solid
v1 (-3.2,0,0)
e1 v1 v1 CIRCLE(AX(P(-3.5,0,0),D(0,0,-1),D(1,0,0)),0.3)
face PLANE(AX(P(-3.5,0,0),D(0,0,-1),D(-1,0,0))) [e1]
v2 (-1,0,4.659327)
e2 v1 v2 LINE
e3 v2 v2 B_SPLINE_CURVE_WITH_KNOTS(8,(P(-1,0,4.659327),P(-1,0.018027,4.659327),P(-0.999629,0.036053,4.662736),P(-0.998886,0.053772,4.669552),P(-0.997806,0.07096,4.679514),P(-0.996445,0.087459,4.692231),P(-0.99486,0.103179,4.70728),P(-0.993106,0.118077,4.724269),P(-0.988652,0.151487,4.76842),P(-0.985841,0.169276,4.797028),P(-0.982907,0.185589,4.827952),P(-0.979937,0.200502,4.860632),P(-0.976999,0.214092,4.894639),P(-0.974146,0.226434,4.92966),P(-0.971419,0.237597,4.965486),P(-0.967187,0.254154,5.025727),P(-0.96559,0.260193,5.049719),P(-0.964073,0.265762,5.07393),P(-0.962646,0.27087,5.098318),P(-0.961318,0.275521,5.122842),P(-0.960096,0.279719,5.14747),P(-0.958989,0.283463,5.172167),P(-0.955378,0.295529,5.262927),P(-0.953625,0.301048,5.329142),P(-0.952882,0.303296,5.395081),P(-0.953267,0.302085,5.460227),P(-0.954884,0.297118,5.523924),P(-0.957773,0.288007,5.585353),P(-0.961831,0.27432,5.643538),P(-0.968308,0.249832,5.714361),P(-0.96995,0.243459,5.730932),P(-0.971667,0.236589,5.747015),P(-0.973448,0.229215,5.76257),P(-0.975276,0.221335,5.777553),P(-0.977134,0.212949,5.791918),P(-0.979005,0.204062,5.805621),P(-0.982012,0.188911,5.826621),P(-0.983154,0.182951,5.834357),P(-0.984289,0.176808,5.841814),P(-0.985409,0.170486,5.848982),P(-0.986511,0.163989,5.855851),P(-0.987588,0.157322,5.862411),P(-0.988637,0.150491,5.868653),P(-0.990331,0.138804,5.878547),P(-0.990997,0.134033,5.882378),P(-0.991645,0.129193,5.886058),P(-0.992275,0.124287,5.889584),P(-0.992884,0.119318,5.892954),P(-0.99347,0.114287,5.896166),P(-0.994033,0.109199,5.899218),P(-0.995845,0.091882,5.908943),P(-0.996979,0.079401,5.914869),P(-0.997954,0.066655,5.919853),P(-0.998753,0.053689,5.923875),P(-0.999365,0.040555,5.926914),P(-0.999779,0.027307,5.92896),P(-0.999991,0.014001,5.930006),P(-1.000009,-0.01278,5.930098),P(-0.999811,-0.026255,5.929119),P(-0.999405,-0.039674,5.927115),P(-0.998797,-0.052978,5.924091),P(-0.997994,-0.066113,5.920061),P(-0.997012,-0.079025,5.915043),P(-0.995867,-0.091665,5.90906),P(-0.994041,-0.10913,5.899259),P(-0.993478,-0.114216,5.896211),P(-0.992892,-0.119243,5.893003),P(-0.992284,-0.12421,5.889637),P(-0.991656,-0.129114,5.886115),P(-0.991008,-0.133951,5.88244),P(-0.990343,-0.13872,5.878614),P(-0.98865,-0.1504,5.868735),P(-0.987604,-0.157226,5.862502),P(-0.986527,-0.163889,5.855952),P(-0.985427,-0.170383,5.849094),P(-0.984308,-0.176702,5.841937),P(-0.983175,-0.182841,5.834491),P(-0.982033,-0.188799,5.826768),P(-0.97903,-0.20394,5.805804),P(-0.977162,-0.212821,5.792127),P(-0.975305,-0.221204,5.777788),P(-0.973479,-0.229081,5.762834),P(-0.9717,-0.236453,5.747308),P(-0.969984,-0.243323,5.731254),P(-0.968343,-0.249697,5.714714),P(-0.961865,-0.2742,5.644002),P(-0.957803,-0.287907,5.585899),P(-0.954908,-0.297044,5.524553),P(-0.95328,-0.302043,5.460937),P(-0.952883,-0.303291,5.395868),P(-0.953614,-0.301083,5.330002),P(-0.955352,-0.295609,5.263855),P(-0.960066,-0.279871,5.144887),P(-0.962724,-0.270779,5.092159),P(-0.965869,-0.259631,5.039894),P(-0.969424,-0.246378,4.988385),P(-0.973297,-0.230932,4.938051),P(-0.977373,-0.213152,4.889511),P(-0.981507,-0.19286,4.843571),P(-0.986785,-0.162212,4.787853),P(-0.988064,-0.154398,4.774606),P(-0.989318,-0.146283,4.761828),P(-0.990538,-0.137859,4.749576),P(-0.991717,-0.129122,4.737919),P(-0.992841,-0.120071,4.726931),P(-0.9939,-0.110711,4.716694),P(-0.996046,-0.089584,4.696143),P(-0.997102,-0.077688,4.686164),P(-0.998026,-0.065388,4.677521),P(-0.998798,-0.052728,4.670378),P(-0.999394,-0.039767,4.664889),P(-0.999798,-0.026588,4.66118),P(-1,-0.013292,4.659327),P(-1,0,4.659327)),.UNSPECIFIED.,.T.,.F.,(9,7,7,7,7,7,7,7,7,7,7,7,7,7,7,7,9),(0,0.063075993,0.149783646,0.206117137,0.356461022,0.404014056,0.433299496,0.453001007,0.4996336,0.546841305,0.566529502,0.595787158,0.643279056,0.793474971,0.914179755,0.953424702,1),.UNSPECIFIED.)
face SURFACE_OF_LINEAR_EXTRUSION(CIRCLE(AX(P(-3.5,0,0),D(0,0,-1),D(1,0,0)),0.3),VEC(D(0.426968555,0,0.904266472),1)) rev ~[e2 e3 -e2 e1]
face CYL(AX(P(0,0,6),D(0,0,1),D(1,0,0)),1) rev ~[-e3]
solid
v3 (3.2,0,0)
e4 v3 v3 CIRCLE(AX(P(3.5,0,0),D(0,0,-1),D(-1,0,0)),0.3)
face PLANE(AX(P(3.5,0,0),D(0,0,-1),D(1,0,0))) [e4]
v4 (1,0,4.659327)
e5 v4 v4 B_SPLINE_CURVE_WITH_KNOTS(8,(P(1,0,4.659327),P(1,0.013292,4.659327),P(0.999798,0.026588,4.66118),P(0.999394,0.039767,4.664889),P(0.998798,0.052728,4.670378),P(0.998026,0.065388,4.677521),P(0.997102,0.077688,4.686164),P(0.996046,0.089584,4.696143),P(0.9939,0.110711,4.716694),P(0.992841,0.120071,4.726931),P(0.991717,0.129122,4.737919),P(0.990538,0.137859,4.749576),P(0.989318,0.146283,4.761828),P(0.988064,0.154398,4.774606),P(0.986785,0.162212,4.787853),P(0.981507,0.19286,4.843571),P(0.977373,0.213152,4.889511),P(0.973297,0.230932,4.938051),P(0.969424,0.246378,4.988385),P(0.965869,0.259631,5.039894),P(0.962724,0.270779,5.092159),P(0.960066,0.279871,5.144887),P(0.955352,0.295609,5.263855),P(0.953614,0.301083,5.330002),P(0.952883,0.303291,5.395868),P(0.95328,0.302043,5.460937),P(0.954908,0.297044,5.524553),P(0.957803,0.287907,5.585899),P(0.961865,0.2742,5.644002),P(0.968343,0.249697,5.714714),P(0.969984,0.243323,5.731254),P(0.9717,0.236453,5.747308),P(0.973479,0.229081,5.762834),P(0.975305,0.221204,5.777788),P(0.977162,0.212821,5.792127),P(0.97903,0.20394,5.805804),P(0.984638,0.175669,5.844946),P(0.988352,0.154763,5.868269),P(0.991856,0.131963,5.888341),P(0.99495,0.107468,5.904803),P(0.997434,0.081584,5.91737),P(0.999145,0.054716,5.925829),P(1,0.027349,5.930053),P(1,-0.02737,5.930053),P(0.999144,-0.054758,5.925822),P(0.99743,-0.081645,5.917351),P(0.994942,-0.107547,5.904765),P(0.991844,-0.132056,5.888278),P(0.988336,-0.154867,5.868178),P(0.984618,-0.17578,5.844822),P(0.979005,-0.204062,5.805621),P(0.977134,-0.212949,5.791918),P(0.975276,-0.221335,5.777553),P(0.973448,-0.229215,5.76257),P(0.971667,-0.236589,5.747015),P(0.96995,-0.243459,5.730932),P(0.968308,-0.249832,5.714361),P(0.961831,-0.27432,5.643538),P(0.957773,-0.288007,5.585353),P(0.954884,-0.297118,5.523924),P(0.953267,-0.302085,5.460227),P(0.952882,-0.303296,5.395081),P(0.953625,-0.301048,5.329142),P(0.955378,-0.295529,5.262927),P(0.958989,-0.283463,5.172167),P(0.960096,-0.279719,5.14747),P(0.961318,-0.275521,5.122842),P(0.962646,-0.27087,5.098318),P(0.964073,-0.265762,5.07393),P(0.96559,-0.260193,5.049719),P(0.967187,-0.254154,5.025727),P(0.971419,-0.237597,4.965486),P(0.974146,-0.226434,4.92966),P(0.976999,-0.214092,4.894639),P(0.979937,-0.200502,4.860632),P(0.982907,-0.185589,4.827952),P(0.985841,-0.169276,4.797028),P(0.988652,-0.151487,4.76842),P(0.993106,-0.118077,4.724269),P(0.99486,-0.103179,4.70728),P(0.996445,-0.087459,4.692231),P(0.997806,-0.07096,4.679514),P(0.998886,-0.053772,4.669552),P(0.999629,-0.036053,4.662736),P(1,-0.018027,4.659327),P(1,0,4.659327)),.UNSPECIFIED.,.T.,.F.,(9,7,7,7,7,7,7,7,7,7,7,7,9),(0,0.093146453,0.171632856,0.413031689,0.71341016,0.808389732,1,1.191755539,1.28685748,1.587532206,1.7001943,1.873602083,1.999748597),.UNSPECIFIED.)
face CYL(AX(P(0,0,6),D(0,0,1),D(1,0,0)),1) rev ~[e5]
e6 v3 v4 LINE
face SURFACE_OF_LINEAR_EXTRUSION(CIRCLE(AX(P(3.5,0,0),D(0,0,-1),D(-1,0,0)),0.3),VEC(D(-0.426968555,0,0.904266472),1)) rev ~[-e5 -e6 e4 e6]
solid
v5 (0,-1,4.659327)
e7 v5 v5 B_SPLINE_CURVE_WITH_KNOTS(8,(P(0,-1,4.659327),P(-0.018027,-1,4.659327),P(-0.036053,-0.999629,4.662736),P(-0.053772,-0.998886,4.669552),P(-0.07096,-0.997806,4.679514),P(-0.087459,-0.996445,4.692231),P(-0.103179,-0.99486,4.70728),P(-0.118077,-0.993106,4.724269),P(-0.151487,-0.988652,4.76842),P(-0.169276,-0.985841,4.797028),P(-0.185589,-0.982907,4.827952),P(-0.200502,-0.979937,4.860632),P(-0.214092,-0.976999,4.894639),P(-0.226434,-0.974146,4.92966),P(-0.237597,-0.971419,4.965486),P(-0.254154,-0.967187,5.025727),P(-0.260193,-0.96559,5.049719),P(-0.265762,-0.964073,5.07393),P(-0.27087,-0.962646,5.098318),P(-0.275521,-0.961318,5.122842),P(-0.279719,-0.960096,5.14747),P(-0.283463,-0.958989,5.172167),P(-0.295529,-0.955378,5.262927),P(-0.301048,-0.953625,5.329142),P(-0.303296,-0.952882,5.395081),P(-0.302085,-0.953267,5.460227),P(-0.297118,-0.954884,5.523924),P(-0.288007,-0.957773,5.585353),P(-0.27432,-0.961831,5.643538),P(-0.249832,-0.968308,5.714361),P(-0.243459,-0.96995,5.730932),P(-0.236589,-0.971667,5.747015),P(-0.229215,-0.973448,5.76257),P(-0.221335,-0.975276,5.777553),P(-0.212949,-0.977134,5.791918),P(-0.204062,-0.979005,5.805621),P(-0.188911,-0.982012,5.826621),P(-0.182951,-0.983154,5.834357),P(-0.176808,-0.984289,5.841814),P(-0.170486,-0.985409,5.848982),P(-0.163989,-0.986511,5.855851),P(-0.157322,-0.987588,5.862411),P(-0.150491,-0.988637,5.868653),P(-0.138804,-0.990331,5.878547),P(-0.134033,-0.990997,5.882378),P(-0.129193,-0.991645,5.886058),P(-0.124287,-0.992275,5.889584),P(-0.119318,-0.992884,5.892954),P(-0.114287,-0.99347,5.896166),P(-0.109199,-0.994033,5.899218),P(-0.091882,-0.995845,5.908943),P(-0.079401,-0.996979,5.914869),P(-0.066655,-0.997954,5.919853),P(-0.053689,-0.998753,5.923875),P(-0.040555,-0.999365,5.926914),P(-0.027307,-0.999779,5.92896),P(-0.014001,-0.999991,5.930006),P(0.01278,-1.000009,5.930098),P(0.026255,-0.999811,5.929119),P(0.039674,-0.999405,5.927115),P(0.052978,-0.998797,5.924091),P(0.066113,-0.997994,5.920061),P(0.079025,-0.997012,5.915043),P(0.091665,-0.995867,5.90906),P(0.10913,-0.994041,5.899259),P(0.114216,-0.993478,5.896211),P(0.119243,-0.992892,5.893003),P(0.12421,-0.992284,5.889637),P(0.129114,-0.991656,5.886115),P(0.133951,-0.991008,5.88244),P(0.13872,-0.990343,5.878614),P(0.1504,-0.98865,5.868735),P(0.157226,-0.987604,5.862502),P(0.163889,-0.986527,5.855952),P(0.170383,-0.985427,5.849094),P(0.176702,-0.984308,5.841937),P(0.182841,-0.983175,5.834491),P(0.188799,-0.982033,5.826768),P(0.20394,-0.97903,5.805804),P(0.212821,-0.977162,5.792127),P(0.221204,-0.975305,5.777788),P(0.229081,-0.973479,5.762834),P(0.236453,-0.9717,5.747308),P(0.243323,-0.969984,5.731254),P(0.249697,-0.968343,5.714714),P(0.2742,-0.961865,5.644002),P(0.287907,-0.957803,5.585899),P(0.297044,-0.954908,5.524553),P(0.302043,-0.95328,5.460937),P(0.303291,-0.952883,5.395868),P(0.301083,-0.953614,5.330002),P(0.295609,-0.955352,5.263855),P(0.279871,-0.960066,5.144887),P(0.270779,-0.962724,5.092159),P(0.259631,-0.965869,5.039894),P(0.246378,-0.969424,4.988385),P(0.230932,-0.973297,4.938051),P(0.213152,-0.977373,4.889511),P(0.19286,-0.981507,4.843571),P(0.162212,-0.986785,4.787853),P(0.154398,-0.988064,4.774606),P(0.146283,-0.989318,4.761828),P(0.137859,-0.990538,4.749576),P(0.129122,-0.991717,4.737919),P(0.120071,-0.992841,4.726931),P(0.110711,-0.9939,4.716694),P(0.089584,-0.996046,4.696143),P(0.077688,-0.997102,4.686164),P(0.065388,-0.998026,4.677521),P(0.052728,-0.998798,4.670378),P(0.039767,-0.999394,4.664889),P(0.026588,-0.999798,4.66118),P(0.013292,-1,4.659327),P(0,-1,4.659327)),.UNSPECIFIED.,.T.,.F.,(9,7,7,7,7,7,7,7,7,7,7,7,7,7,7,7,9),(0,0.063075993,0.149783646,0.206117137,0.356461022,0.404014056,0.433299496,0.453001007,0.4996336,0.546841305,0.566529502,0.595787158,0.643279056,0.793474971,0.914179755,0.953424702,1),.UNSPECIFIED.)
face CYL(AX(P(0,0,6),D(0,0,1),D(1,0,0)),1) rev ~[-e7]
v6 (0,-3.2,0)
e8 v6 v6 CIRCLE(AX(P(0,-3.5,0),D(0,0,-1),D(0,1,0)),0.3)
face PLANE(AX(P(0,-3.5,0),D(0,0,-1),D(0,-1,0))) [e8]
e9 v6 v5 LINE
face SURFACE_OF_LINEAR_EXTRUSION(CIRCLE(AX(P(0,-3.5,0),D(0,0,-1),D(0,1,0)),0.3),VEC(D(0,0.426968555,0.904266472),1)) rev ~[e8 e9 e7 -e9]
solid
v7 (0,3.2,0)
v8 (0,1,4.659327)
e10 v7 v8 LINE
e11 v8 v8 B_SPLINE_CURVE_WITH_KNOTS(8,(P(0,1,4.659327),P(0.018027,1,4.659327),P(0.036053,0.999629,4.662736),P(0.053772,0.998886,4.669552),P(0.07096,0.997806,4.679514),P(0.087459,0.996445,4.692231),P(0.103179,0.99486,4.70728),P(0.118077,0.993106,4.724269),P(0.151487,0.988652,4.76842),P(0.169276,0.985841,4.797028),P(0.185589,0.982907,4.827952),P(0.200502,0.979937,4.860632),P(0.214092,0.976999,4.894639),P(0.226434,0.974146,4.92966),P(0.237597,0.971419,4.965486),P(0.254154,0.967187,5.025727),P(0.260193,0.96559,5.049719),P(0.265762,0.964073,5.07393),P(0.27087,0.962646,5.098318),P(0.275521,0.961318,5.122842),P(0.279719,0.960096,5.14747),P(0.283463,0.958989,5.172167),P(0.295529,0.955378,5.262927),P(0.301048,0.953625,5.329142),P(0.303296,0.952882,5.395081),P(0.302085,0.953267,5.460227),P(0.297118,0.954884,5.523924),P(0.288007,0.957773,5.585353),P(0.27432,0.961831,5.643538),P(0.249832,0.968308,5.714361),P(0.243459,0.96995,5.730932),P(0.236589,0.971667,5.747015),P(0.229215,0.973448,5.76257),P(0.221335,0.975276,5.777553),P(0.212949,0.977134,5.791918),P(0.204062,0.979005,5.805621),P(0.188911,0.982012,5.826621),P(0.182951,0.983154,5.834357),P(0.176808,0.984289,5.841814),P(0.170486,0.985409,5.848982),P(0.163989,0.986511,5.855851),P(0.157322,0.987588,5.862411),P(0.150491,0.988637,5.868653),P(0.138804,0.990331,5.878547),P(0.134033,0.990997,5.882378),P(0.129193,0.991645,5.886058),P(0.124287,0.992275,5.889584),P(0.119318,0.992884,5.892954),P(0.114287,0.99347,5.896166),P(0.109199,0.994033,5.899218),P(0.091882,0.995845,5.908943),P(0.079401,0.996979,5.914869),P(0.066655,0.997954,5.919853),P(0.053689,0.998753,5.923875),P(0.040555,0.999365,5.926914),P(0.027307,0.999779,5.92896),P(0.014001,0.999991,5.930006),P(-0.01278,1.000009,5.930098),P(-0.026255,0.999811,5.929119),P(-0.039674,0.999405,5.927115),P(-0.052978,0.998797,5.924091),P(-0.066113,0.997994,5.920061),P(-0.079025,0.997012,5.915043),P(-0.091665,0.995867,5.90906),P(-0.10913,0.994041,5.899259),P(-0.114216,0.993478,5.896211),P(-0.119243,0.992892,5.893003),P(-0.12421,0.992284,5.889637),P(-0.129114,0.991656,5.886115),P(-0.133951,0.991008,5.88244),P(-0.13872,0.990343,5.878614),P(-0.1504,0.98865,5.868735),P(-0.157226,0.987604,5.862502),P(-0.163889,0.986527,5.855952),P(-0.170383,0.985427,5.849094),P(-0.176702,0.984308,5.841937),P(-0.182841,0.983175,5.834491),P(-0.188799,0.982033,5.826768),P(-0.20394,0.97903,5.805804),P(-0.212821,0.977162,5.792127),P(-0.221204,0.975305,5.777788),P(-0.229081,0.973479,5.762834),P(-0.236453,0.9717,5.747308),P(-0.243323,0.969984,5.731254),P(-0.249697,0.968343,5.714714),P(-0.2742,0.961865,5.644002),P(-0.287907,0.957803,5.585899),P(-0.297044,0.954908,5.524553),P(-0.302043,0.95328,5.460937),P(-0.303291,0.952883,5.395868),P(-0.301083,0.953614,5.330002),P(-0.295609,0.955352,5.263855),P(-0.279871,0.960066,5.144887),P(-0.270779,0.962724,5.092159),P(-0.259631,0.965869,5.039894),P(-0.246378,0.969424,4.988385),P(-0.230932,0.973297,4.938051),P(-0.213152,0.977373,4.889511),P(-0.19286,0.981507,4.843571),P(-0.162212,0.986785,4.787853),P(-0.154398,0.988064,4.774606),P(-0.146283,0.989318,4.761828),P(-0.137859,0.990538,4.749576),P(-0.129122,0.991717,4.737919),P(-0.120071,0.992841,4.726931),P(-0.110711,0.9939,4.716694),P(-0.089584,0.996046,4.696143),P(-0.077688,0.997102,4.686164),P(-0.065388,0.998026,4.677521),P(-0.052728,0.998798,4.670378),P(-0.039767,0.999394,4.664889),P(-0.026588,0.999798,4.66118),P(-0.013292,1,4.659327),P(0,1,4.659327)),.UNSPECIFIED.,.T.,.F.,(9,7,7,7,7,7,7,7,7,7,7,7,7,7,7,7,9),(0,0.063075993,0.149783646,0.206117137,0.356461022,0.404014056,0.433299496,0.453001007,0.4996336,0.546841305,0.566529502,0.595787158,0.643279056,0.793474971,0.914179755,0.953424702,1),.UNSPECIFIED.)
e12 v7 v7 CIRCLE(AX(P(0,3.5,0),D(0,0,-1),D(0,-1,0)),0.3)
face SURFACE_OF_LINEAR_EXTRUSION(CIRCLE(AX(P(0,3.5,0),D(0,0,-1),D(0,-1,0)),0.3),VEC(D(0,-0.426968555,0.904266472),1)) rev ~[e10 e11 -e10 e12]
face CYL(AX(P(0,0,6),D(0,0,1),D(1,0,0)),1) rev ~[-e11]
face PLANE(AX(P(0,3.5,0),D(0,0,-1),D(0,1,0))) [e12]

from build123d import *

# Parameters (mm, degrees)
F2_R     = 0.3
F4_COUNT = 4
F5_R     = 1
F6_DEPTH = 6


with BuildPart() as f1:
    # F0 (on Front) → F1 (revolve)
    with BuildSketch(Plane.XZ):
        Polygon((-1, 0), (-1, 6), (-3.833027, 0), align=None)
        Polygon((-3.833027, 0), (-1, 6), (-4.6, 0), align=None)
    revolve(axis=Axis((0, 0, 3), (0, 0, -1)))


with BuildPart() as f3:
    # F3: sweep along a path in F0
    with BuildLine(Plane.XZ) as f3_path:
        Line((-3.833027, 0), (-1, 6))
    # F2 (on face) → F3 (sweep)
    with BuildSketch(Plane(origin=(0, 0, 0), x_dir=(1, 0, 0), z_dir=(0, 0, -1))):
        with Locations((-3.5, 0)):
            Circle(F2_R)
    sweep(path=f3_path.line)


with BuildPart() as f4_1:
    # F4: instance of F3
    add(f3.part.rotate(Axis((0, 0, 6), (0, 0, -1)), 1 * 360 / F4_COUNT))


with BuildPart() as f4_2:
    # F4: instance of F3
    add(f3.part.rotate(Axis((0, 0, 6), (0, 0, -1)), 2 * 360 / F4_COUNT))


with BuildPart() as f4_3:
    # F4: instance of F3
    add(f3.part.rotate(Axis((0, 0, 6), (0, 0, -1)), 3 * 360 / F4_COUNT))


with BuildPart() as f6_tool:
    # F5 (on face) → F6 (new body)
    with BuildSketch(Plane.XY.offset(6)):
        Circle(F5_R)
    extrude(amount=-F6_DEPTH)


with BuildPart() as f3_1:
    add(f3.part)

    # F6: cut by f6_tool
    add(f6_tool.part, mode=Mode.SUBTRACT)


with BuildPart() as f4_1_1:
    add(f4_1.part)

    # F6: cut by f6_tool
    add(f6_tool.part, mode=Mode.SUBTRACT)


with BuildPart() as f4_2_1:
    add(f4_2.part)

    # F6: cut by f6_tool
    add(f6_tool.part, mode=Mode.SUBTRACT)


with BuildPart() as f4_3_1:
    add(f4_3.part)

    # F6: cut by f6_tool
    add(f6_tool.part, mode=Mode.SUBTRACT)


solid = Compound([f3_1.part, f4_1_1.part, f4_2_1.part, f4_3_1.part])
